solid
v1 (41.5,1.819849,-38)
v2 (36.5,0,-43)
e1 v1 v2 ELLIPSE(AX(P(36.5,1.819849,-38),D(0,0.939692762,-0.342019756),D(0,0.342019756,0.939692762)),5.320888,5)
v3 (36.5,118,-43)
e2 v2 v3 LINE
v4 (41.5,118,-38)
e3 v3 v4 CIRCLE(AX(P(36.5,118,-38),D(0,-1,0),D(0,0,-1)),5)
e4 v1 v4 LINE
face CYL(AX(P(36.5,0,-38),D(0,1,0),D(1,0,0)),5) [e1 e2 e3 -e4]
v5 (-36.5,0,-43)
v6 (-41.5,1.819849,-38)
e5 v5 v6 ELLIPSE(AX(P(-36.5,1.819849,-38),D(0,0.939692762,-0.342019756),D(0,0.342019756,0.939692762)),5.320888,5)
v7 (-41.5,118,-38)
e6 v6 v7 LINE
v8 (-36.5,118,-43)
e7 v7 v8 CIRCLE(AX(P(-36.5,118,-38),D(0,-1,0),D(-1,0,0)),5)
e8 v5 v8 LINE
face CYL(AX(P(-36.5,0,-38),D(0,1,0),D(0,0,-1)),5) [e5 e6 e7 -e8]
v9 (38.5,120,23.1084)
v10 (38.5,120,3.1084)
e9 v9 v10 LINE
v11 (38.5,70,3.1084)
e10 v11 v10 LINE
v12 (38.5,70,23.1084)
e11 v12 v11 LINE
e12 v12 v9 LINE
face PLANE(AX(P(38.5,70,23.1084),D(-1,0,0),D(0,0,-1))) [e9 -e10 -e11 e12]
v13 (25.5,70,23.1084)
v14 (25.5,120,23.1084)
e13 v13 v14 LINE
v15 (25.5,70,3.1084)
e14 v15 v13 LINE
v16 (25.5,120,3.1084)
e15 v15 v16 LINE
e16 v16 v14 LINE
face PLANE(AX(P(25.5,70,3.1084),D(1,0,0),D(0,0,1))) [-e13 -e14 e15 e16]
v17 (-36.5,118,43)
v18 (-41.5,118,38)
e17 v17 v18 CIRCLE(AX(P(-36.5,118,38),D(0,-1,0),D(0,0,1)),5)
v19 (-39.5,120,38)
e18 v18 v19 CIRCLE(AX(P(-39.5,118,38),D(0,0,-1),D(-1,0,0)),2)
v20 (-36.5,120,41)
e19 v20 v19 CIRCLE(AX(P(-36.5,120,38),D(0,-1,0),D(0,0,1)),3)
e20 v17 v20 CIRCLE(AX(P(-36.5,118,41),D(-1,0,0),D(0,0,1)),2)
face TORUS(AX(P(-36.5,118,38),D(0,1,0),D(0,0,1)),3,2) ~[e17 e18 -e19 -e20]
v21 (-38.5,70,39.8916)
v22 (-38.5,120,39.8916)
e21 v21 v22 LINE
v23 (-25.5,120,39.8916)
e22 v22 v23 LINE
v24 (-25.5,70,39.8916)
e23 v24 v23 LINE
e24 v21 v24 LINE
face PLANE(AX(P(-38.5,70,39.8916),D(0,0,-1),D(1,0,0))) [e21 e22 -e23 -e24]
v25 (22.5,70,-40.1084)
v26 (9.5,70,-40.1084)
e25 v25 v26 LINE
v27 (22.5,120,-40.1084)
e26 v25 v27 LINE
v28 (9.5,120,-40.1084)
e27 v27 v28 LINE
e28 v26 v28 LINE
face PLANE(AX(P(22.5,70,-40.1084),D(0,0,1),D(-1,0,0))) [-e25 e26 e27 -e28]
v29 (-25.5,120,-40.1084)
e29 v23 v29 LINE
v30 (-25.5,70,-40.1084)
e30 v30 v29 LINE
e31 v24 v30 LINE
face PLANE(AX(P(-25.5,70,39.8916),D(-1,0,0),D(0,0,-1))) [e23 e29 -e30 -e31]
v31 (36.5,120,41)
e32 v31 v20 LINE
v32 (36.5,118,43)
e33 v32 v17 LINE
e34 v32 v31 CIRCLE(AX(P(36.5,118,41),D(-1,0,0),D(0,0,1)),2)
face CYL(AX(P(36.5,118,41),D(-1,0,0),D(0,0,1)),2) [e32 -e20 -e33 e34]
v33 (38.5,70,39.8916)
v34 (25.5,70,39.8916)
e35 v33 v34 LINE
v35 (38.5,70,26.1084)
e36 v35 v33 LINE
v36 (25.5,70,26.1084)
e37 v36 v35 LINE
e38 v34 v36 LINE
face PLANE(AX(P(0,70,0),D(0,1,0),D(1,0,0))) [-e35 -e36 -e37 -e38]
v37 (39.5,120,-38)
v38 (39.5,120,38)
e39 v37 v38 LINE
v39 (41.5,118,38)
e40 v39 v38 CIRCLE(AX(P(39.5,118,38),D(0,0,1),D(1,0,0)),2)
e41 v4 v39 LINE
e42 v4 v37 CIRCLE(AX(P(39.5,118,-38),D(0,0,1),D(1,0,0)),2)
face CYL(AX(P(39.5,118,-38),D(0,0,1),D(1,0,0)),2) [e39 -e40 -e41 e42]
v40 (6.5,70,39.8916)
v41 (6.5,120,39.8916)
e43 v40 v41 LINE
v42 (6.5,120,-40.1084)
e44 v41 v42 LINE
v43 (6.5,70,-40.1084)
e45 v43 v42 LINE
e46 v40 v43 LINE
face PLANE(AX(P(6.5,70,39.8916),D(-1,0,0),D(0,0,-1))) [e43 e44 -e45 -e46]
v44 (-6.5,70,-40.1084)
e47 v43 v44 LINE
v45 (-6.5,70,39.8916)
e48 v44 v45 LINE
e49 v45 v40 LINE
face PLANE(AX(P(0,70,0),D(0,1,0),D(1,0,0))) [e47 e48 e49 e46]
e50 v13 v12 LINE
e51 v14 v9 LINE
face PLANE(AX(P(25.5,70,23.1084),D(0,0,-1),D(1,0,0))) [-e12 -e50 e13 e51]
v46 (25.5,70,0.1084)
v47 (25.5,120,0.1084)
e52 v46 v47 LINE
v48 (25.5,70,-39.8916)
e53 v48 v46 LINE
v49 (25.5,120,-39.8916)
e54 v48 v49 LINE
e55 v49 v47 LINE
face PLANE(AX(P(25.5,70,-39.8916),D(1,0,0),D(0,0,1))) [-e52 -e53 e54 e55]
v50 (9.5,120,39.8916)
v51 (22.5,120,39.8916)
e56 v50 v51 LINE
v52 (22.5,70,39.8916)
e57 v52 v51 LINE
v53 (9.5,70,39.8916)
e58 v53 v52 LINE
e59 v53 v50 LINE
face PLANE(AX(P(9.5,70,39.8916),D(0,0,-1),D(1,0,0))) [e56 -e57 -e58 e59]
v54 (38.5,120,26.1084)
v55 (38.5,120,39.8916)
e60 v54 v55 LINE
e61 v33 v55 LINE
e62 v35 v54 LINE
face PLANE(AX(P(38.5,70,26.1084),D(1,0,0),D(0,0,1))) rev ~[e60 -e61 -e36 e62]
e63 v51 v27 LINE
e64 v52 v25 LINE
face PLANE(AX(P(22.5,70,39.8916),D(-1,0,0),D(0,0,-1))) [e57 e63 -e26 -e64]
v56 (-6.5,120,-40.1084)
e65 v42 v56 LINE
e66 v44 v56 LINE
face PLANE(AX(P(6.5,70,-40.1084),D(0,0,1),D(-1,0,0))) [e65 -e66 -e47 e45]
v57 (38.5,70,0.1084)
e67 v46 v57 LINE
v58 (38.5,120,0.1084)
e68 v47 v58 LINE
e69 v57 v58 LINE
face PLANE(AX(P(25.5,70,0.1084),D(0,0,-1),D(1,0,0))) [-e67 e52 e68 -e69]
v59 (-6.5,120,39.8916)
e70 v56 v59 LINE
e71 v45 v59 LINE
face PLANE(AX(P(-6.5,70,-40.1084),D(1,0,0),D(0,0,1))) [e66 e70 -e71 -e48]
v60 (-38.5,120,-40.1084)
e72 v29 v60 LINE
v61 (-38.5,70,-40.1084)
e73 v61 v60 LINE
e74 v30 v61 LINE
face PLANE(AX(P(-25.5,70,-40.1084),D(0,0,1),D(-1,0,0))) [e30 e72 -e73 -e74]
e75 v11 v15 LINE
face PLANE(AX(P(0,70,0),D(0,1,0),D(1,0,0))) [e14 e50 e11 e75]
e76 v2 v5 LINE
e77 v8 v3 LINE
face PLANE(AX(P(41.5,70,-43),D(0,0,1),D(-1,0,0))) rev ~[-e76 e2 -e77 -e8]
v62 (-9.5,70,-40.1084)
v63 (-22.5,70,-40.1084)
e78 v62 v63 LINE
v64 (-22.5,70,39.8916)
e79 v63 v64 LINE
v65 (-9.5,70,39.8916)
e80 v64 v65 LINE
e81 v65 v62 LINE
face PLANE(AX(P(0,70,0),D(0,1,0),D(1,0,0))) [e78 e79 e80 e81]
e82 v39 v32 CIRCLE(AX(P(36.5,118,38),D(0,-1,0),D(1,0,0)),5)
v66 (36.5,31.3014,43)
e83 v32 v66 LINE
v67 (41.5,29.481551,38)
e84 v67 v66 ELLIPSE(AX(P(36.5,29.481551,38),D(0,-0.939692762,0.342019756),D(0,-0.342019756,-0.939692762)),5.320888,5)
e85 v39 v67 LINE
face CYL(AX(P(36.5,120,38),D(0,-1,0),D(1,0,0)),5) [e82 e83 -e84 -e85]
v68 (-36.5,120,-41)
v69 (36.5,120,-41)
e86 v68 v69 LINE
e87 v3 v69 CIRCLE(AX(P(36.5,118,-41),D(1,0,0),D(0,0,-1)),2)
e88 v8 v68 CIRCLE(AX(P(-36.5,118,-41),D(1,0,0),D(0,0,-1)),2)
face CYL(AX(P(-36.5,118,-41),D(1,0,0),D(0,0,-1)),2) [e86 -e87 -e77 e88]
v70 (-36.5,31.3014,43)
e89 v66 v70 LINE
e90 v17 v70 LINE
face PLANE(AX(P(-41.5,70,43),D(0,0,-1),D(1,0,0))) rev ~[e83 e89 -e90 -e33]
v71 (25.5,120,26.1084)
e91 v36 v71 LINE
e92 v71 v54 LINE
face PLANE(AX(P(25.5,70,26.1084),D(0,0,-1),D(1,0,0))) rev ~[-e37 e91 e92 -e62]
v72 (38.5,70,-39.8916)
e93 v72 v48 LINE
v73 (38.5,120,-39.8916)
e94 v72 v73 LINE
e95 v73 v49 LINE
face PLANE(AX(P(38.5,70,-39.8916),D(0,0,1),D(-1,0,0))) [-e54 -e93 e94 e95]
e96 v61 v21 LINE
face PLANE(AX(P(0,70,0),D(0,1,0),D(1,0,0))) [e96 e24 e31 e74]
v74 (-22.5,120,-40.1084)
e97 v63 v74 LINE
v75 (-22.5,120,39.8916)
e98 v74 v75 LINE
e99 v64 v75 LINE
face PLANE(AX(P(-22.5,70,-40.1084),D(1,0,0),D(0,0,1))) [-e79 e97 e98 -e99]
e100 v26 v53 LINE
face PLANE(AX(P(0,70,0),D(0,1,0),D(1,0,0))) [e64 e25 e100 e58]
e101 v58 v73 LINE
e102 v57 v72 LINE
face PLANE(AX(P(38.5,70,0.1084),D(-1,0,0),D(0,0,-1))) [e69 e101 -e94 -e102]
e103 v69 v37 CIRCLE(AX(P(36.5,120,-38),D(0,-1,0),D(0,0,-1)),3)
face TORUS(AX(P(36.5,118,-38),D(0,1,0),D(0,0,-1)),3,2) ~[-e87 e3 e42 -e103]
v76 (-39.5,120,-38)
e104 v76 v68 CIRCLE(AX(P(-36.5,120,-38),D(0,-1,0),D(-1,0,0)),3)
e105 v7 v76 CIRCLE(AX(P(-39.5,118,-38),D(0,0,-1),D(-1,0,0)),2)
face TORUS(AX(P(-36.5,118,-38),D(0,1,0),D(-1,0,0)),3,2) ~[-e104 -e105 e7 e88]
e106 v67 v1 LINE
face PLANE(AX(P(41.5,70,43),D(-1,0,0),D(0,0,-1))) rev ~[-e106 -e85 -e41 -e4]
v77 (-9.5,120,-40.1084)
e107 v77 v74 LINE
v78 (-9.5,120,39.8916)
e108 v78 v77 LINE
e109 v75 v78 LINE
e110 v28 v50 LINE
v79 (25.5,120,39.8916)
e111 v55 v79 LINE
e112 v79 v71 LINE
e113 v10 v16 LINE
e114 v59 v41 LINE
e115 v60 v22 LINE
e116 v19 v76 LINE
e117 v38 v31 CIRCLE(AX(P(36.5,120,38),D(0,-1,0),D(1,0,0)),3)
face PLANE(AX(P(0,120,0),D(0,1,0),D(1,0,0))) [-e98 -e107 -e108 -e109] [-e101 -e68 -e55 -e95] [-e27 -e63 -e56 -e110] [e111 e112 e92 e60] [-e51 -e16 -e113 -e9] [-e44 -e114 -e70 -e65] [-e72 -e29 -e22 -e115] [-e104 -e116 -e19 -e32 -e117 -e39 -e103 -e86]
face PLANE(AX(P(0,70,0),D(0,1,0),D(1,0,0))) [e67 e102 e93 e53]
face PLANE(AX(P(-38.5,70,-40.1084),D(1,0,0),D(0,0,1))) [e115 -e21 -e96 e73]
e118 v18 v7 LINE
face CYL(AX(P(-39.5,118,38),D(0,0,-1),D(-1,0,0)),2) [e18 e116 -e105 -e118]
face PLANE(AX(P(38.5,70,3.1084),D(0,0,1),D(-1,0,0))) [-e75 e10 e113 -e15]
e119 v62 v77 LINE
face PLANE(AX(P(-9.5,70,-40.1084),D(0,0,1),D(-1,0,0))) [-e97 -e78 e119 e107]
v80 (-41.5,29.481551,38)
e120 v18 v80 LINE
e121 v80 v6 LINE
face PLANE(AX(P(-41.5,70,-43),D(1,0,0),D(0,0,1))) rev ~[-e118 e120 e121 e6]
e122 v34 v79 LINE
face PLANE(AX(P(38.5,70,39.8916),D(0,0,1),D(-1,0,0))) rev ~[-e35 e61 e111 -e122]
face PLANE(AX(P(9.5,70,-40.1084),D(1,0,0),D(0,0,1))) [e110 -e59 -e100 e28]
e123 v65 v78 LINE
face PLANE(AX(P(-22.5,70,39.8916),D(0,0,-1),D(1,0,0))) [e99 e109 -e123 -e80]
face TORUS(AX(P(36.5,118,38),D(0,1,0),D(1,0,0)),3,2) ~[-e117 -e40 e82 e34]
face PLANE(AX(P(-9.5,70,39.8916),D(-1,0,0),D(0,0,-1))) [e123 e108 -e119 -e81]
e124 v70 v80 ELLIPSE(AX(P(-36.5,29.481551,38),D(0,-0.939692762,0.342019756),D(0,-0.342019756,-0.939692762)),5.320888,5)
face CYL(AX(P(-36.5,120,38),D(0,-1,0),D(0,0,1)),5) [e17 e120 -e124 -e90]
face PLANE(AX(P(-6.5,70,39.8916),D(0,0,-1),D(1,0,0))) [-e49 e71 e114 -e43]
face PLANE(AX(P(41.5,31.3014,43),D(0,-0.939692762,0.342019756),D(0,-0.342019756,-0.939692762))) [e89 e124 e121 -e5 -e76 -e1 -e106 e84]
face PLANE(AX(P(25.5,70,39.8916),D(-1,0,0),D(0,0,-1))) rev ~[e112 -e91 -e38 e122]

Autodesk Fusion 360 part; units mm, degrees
sketch "Sketch1" plane through (0, 0, 0) normal (0, 1, 0) x (1, 0, 0)
  line L0 (41.5, 43) -> (-41.5, 43)
  line L1 (-41.5, 43) -> (-41.5, -43)
  line L2 (-41.5, -43) -> (41.5, -43)
  line L3 (41.5, -43) -> (41.5, 43)
  line L4 (41.5, 43) -> (-41.5, -43) construction
  line L5 (-41.5, 43) -> (41.5, -43) construction
  line L6 (-38.5, -39.8916) -> (-25.5, -39.8916)
  line L7 (-25.5, -39.8916) -> (-25.5, 40.1084)
  line L8 (-25.5, 40.1084) -> (-38.5, 40.1084)
  line L9 (-38.5, 40.1084) -> (-38.5, -39.8916)
  line L10 (-22.5, 40.1084) -> (-22.5, -39.8916)
  line L11 (-9.5, 40.1084) -> (-22.5, 40.1084)
  line L12 (-9.5, -39.8916) -> (-9.5, 40.1084)
  line L13 (-22.5, -39.8916) -> (-9.5, -39.8916)
  line L14 (-6.5, 40.1084) -> (-6.5, -39.8916)
  line L15 (6.5, 40.1084) -> (-6.5, 40.1084)
  line L16 (6.5, -39.8916) -> (6.5, 40.1084)
  line L17 (-6.5, -39.8916) -> (6.5, -39.8916)
  line L18 (9.5, 40.1084) -> (9.5, -39.8916)
  line L19 (22.5, 40.1084) -> (9.5, 40.1084)
  line L20 (22.5, -39.8916) -> (22.5, 40.1084)
  line L21 (9.5, -39.8916) -> (22.5, -39.8916)
  line L22 (38.5, 39.8916) -> (25.5, 39.8916)
  line L23 (25.5, 39.8916) -> (25.5, -0.1084)
  line L24 (25.5, -0.1084) -> (38.5, -0.1084)
  line L25 (38.5, -0.1084) -> (38.5, 39.8916)
  line L26 (38.5, -3.1084) -> (25.5, -3.1084)
  line L27 (25.5, -3.1084) -> (25.5, -23.1084)
  line L28 (25.5, -23.1084) -> (38.5, -23.1084)
  line L29 (38.5, -23.1084) -> (38.5, -3.1084)
  line L30 (38.5, -39.8916) -> (25.5, -39.8916)
  line L31 (25.5, -39.8916) -> (25.5, -26.1084)
  line L32 (25.5, -26.1084) -> (38.5, -26.1084)
  line L33 (38.5, -26.1084) -> (38.5, -39.8916)
  dimension "d1" = 83
  dimension "d2" = 86
  dimension "d3" = 80
  dimension "d4" = 13
  dimension "d5" = 3
  dimension "d8" = 48
  dimension "d9" = 0
  dimension "d10" = 3
  dimension "d11" = 40
  dimension "d12" = 3
  dimension "d13" = 3
  dimension "d14" = 20
  dimension "d17" = 13
  dimension "d18" = 3
  dimension "d19" = 3
extrude "Extrude1" add sketch "Sketch1" along normal blind 70 contours L0 L1 L2 L3 | L6 L7 L8 L9 | L10 L11 L12 L13 | L14 L15 L16 L17 | L18 L19 L20 L21 | L22 L23 L24 L25 | L26 L27 L28 L29 | L30 L31 L32 L33
extrude "Extrude2" add sketch "Sketch1" along normal blind 50 from surface at 70
sketch "Sketch2" plane through (41.5, 0, 0) normal (1, 0, 0) x (0, 0, -1)
  line L0 (-43, 0) -> (43, 0)
  line L1 (43, 0) -> (43, 120)
  line L2 (43, 120) -> (-43, 120)
  line L3 (-43, 120) -> (-43, 0)
  line L4 (-43, 31.3014) -> (43, 0)
  dimension "d29" = 20
extrude "Extrude4" cut sketch "Sketch2" against normal up to surface (83 mm away) contours L0 L3 L4
fillet "Fillet2" radius 5 4 edges at (41.5, 75.6507, 43) (-41.5, 75.6507, 43) (41.5, 60, -43) (-41.5, 60, -43)
fillet "Fillet3" radius 2 8 edges at (40.0355, 120, 41.5355) (41.5, 120, 0) (40.0355, 120, -41.5355) (0, 120, -43) (-40.0355, 120, -41.5355) (-41.5, 120, 0) (-40.0355, 120, 41.5355) (0, 120, 43)
equation "d1 = ( ( 13 + 3 ) * 5 ) * 1 mm + 3 mm"
equation "d2 = 80 mm + 6 mm"
equation "d8 = ( 16 * 3 ) * 1 mm"
